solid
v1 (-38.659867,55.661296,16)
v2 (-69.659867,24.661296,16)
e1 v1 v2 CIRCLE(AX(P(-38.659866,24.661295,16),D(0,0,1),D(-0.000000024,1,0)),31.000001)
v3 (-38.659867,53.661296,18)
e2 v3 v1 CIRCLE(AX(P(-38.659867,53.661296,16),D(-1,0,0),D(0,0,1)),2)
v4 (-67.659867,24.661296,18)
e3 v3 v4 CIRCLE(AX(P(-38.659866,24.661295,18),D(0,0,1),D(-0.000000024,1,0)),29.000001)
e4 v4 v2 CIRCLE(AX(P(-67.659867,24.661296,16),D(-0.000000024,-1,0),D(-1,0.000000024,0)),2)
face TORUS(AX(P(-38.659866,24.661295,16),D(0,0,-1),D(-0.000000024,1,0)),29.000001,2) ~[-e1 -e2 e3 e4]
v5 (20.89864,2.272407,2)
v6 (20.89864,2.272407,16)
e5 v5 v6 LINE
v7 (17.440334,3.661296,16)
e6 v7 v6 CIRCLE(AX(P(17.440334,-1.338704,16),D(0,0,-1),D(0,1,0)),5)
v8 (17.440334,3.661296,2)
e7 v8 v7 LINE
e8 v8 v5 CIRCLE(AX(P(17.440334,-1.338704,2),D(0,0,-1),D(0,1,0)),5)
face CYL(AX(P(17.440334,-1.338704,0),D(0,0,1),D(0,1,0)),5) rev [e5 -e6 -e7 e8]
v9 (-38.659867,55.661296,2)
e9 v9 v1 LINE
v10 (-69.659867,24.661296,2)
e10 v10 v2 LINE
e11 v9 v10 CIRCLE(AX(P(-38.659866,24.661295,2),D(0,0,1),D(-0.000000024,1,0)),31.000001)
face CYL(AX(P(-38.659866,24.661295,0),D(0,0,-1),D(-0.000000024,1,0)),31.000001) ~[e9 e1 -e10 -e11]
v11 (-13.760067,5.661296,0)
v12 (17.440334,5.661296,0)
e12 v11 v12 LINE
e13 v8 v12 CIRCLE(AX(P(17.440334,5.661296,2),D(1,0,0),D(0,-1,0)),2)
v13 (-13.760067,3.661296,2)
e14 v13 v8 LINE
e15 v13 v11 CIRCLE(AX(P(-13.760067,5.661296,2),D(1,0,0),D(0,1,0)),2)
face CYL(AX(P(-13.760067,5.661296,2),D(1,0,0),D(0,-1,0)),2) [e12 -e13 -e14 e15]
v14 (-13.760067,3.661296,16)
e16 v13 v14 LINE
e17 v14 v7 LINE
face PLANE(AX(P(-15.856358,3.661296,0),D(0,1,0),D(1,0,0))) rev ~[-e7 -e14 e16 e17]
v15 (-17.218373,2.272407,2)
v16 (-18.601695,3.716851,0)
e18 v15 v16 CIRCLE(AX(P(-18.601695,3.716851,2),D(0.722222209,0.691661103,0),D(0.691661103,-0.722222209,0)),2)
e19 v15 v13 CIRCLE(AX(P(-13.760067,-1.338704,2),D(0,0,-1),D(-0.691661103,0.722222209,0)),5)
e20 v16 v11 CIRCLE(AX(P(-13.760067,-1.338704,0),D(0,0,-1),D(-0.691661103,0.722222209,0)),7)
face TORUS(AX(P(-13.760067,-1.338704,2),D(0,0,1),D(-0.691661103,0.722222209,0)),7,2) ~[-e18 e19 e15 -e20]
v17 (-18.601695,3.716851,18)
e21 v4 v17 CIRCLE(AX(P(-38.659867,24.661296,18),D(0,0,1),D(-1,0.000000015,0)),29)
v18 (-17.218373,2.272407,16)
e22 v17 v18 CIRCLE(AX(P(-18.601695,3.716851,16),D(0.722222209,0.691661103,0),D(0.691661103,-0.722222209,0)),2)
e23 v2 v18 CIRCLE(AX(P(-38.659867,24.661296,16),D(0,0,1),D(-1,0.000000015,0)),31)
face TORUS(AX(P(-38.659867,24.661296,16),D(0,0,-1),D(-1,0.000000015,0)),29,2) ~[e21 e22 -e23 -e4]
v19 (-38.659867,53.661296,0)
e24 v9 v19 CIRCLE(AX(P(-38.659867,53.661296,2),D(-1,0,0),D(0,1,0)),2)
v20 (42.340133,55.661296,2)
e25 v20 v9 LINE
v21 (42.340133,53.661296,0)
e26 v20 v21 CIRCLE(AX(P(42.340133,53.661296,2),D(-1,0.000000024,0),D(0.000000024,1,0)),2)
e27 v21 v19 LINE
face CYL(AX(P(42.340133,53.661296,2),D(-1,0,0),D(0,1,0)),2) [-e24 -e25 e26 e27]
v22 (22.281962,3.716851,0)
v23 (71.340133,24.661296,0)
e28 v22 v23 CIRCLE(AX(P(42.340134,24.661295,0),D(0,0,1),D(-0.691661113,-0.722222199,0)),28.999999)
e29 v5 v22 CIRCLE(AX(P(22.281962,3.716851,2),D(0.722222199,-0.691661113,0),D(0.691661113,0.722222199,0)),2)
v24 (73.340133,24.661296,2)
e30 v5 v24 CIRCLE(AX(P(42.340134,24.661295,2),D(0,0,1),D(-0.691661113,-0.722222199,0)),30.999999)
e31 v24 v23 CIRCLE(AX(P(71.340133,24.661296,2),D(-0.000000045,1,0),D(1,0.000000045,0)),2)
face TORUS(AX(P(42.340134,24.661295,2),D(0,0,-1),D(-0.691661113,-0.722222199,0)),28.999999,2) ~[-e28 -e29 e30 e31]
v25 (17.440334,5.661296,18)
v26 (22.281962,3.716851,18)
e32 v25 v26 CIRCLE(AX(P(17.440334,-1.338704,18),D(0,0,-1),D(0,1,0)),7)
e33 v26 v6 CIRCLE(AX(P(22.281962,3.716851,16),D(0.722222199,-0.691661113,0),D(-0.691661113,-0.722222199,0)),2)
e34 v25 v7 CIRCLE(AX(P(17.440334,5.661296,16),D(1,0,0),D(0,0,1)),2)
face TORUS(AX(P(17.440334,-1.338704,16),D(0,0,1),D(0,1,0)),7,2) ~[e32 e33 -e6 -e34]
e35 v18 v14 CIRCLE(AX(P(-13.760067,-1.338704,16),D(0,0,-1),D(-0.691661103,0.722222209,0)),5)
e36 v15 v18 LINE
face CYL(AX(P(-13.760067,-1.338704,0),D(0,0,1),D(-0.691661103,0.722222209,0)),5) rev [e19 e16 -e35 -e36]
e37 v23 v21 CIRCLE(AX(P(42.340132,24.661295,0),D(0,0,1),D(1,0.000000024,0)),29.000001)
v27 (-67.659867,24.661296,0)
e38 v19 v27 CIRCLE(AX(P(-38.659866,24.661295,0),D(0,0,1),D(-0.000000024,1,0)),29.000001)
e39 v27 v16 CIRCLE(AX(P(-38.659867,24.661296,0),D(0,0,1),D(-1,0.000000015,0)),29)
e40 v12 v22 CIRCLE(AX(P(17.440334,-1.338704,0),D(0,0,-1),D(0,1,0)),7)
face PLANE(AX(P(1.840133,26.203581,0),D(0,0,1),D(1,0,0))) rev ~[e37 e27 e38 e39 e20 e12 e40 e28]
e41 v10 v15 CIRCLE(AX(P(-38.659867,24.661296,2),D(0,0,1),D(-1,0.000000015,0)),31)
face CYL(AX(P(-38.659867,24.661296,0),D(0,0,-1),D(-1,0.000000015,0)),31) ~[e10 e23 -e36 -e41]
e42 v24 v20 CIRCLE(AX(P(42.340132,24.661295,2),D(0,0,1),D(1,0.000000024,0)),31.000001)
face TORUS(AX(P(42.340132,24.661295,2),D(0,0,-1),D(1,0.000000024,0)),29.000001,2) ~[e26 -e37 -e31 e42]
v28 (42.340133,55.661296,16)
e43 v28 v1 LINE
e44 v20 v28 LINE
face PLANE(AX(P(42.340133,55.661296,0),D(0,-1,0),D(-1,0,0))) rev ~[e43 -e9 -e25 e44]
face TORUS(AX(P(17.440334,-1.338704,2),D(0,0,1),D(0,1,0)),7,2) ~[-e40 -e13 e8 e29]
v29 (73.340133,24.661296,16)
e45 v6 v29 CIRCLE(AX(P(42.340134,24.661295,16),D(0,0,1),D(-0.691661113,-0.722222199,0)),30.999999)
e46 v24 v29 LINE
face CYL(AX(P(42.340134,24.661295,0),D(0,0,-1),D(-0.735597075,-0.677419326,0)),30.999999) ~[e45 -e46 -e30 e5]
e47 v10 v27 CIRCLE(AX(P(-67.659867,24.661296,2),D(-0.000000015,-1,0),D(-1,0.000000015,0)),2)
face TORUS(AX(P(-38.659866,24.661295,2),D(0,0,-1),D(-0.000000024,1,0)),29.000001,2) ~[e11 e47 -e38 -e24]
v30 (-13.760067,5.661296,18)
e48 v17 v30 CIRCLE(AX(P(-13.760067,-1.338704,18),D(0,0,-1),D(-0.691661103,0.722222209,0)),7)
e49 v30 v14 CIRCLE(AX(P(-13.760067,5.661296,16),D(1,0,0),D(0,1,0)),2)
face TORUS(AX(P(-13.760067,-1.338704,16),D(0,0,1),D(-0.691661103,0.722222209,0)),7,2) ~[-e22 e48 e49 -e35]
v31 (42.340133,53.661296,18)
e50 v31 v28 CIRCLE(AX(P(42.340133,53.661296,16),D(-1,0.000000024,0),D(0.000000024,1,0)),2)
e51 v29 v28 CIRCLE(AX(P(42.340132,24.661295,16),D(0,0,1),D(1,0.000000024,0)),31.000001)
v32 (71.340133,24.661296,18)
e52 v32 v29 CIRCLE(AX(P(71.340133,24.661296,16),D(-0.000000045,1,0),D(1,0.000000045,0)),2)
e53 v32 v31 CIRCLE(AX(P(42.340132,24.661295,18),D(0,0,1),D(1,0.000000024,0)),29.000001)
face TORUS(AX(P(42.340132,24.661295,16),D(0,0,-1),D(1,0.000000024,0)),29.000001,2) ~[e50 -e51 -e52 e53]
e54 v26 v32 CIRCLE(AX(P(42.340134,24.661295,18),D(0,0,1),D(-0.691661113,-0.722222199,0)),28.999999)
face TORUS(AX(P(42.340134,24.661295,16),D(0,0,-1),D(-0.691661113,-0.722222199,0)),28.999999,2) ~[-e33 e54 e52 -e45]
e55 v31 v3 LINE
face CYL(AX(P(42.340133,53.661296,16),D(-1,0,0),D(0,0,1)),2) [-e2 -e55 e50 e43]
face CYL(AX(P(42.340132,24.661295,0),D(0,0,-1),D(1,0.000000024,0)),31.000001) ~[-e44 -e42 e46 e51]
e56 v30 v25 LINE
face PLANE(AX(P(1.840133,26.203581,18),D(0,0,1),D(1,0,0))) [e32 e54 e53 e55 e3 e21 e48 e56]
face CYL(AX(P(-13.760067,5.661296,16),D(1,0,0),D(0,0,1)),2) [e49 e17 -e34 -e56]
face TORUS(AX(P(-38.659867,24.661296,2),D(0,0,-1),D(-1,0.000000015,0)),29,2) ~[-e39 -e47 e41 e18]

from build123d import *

# Parameters (mm, degrees)
F1_DEPTH = 18
F2_R     = 5
F3_R     = 2
F4_R     = 2


with BuildPart() as f1:
    # F0 (on Top) → F1 (new body)
    with BuildSketch(Plane.XY):
        with BuildLine():
            Line((42.340133, 55.661296), (-38.659867, 55.661296))
            ThreePointArc((-38.659867, 55.661296), (-60.580177, 46.581606), (-69.659867, 24.661296))
            ThreePointArc((-69.659867, 24.661296), (-49.931318, -4.216973), (-15.856358, 3.661296))
            Line((-15.856358, 3.661296), (1.840133, 3.661296))
            Line((1.840133, 3.661296), (19.536625, 3.661296))
            ThreePointArc((19.536625, 3.661296), (53.611585, -4.216973), (73.340133, 24.661296))
            ThreePointArc((73.340133, 24.661296), (64.260443, 46.581606), (42.340133, 55.661296))
        make_face()
    extrude(amount=F1_DEPTH)

    # F2
    f2_edges = [f1.edges().sort_by_distance(p)[0] for p in [
        (19.536625, 3.661296, 9),
        (-15.856358, 3.661296, 9),
    ]]
    fillet(f2_edges, radius=F2_R)

    # F3
    f3_edges = [f1.edges().sort_by_distance(p)[0] for p in [
        (71.106916, 13.108278, 18),
        (19.303724, 3.301099, 18),
        (1.840133, 55.661296, 18),
        (1.840133, 3.661296, 18),
        (-67.426649, 13.108278, 18),
        (-15.623458, 3.301099, 18),
    ]]
    fillet(f3_edges, radius=F3_R)

    # F4
    f4_edges = [f1.edges().sort_by_distance(p)[0] for p in [
        (-67.426649, 13.108278, 0),
        (-15.623458, 3.301099, 0),
        (1.840133, 55.661296, 0),
        (1.840133, 3.661296, 0),
        (71.106916, 13.108278, 0),
        (19.303724, 3.301099, 0),
    ]]
    fillet(f4_edges, radius=F4_R)


solid = f1.part
